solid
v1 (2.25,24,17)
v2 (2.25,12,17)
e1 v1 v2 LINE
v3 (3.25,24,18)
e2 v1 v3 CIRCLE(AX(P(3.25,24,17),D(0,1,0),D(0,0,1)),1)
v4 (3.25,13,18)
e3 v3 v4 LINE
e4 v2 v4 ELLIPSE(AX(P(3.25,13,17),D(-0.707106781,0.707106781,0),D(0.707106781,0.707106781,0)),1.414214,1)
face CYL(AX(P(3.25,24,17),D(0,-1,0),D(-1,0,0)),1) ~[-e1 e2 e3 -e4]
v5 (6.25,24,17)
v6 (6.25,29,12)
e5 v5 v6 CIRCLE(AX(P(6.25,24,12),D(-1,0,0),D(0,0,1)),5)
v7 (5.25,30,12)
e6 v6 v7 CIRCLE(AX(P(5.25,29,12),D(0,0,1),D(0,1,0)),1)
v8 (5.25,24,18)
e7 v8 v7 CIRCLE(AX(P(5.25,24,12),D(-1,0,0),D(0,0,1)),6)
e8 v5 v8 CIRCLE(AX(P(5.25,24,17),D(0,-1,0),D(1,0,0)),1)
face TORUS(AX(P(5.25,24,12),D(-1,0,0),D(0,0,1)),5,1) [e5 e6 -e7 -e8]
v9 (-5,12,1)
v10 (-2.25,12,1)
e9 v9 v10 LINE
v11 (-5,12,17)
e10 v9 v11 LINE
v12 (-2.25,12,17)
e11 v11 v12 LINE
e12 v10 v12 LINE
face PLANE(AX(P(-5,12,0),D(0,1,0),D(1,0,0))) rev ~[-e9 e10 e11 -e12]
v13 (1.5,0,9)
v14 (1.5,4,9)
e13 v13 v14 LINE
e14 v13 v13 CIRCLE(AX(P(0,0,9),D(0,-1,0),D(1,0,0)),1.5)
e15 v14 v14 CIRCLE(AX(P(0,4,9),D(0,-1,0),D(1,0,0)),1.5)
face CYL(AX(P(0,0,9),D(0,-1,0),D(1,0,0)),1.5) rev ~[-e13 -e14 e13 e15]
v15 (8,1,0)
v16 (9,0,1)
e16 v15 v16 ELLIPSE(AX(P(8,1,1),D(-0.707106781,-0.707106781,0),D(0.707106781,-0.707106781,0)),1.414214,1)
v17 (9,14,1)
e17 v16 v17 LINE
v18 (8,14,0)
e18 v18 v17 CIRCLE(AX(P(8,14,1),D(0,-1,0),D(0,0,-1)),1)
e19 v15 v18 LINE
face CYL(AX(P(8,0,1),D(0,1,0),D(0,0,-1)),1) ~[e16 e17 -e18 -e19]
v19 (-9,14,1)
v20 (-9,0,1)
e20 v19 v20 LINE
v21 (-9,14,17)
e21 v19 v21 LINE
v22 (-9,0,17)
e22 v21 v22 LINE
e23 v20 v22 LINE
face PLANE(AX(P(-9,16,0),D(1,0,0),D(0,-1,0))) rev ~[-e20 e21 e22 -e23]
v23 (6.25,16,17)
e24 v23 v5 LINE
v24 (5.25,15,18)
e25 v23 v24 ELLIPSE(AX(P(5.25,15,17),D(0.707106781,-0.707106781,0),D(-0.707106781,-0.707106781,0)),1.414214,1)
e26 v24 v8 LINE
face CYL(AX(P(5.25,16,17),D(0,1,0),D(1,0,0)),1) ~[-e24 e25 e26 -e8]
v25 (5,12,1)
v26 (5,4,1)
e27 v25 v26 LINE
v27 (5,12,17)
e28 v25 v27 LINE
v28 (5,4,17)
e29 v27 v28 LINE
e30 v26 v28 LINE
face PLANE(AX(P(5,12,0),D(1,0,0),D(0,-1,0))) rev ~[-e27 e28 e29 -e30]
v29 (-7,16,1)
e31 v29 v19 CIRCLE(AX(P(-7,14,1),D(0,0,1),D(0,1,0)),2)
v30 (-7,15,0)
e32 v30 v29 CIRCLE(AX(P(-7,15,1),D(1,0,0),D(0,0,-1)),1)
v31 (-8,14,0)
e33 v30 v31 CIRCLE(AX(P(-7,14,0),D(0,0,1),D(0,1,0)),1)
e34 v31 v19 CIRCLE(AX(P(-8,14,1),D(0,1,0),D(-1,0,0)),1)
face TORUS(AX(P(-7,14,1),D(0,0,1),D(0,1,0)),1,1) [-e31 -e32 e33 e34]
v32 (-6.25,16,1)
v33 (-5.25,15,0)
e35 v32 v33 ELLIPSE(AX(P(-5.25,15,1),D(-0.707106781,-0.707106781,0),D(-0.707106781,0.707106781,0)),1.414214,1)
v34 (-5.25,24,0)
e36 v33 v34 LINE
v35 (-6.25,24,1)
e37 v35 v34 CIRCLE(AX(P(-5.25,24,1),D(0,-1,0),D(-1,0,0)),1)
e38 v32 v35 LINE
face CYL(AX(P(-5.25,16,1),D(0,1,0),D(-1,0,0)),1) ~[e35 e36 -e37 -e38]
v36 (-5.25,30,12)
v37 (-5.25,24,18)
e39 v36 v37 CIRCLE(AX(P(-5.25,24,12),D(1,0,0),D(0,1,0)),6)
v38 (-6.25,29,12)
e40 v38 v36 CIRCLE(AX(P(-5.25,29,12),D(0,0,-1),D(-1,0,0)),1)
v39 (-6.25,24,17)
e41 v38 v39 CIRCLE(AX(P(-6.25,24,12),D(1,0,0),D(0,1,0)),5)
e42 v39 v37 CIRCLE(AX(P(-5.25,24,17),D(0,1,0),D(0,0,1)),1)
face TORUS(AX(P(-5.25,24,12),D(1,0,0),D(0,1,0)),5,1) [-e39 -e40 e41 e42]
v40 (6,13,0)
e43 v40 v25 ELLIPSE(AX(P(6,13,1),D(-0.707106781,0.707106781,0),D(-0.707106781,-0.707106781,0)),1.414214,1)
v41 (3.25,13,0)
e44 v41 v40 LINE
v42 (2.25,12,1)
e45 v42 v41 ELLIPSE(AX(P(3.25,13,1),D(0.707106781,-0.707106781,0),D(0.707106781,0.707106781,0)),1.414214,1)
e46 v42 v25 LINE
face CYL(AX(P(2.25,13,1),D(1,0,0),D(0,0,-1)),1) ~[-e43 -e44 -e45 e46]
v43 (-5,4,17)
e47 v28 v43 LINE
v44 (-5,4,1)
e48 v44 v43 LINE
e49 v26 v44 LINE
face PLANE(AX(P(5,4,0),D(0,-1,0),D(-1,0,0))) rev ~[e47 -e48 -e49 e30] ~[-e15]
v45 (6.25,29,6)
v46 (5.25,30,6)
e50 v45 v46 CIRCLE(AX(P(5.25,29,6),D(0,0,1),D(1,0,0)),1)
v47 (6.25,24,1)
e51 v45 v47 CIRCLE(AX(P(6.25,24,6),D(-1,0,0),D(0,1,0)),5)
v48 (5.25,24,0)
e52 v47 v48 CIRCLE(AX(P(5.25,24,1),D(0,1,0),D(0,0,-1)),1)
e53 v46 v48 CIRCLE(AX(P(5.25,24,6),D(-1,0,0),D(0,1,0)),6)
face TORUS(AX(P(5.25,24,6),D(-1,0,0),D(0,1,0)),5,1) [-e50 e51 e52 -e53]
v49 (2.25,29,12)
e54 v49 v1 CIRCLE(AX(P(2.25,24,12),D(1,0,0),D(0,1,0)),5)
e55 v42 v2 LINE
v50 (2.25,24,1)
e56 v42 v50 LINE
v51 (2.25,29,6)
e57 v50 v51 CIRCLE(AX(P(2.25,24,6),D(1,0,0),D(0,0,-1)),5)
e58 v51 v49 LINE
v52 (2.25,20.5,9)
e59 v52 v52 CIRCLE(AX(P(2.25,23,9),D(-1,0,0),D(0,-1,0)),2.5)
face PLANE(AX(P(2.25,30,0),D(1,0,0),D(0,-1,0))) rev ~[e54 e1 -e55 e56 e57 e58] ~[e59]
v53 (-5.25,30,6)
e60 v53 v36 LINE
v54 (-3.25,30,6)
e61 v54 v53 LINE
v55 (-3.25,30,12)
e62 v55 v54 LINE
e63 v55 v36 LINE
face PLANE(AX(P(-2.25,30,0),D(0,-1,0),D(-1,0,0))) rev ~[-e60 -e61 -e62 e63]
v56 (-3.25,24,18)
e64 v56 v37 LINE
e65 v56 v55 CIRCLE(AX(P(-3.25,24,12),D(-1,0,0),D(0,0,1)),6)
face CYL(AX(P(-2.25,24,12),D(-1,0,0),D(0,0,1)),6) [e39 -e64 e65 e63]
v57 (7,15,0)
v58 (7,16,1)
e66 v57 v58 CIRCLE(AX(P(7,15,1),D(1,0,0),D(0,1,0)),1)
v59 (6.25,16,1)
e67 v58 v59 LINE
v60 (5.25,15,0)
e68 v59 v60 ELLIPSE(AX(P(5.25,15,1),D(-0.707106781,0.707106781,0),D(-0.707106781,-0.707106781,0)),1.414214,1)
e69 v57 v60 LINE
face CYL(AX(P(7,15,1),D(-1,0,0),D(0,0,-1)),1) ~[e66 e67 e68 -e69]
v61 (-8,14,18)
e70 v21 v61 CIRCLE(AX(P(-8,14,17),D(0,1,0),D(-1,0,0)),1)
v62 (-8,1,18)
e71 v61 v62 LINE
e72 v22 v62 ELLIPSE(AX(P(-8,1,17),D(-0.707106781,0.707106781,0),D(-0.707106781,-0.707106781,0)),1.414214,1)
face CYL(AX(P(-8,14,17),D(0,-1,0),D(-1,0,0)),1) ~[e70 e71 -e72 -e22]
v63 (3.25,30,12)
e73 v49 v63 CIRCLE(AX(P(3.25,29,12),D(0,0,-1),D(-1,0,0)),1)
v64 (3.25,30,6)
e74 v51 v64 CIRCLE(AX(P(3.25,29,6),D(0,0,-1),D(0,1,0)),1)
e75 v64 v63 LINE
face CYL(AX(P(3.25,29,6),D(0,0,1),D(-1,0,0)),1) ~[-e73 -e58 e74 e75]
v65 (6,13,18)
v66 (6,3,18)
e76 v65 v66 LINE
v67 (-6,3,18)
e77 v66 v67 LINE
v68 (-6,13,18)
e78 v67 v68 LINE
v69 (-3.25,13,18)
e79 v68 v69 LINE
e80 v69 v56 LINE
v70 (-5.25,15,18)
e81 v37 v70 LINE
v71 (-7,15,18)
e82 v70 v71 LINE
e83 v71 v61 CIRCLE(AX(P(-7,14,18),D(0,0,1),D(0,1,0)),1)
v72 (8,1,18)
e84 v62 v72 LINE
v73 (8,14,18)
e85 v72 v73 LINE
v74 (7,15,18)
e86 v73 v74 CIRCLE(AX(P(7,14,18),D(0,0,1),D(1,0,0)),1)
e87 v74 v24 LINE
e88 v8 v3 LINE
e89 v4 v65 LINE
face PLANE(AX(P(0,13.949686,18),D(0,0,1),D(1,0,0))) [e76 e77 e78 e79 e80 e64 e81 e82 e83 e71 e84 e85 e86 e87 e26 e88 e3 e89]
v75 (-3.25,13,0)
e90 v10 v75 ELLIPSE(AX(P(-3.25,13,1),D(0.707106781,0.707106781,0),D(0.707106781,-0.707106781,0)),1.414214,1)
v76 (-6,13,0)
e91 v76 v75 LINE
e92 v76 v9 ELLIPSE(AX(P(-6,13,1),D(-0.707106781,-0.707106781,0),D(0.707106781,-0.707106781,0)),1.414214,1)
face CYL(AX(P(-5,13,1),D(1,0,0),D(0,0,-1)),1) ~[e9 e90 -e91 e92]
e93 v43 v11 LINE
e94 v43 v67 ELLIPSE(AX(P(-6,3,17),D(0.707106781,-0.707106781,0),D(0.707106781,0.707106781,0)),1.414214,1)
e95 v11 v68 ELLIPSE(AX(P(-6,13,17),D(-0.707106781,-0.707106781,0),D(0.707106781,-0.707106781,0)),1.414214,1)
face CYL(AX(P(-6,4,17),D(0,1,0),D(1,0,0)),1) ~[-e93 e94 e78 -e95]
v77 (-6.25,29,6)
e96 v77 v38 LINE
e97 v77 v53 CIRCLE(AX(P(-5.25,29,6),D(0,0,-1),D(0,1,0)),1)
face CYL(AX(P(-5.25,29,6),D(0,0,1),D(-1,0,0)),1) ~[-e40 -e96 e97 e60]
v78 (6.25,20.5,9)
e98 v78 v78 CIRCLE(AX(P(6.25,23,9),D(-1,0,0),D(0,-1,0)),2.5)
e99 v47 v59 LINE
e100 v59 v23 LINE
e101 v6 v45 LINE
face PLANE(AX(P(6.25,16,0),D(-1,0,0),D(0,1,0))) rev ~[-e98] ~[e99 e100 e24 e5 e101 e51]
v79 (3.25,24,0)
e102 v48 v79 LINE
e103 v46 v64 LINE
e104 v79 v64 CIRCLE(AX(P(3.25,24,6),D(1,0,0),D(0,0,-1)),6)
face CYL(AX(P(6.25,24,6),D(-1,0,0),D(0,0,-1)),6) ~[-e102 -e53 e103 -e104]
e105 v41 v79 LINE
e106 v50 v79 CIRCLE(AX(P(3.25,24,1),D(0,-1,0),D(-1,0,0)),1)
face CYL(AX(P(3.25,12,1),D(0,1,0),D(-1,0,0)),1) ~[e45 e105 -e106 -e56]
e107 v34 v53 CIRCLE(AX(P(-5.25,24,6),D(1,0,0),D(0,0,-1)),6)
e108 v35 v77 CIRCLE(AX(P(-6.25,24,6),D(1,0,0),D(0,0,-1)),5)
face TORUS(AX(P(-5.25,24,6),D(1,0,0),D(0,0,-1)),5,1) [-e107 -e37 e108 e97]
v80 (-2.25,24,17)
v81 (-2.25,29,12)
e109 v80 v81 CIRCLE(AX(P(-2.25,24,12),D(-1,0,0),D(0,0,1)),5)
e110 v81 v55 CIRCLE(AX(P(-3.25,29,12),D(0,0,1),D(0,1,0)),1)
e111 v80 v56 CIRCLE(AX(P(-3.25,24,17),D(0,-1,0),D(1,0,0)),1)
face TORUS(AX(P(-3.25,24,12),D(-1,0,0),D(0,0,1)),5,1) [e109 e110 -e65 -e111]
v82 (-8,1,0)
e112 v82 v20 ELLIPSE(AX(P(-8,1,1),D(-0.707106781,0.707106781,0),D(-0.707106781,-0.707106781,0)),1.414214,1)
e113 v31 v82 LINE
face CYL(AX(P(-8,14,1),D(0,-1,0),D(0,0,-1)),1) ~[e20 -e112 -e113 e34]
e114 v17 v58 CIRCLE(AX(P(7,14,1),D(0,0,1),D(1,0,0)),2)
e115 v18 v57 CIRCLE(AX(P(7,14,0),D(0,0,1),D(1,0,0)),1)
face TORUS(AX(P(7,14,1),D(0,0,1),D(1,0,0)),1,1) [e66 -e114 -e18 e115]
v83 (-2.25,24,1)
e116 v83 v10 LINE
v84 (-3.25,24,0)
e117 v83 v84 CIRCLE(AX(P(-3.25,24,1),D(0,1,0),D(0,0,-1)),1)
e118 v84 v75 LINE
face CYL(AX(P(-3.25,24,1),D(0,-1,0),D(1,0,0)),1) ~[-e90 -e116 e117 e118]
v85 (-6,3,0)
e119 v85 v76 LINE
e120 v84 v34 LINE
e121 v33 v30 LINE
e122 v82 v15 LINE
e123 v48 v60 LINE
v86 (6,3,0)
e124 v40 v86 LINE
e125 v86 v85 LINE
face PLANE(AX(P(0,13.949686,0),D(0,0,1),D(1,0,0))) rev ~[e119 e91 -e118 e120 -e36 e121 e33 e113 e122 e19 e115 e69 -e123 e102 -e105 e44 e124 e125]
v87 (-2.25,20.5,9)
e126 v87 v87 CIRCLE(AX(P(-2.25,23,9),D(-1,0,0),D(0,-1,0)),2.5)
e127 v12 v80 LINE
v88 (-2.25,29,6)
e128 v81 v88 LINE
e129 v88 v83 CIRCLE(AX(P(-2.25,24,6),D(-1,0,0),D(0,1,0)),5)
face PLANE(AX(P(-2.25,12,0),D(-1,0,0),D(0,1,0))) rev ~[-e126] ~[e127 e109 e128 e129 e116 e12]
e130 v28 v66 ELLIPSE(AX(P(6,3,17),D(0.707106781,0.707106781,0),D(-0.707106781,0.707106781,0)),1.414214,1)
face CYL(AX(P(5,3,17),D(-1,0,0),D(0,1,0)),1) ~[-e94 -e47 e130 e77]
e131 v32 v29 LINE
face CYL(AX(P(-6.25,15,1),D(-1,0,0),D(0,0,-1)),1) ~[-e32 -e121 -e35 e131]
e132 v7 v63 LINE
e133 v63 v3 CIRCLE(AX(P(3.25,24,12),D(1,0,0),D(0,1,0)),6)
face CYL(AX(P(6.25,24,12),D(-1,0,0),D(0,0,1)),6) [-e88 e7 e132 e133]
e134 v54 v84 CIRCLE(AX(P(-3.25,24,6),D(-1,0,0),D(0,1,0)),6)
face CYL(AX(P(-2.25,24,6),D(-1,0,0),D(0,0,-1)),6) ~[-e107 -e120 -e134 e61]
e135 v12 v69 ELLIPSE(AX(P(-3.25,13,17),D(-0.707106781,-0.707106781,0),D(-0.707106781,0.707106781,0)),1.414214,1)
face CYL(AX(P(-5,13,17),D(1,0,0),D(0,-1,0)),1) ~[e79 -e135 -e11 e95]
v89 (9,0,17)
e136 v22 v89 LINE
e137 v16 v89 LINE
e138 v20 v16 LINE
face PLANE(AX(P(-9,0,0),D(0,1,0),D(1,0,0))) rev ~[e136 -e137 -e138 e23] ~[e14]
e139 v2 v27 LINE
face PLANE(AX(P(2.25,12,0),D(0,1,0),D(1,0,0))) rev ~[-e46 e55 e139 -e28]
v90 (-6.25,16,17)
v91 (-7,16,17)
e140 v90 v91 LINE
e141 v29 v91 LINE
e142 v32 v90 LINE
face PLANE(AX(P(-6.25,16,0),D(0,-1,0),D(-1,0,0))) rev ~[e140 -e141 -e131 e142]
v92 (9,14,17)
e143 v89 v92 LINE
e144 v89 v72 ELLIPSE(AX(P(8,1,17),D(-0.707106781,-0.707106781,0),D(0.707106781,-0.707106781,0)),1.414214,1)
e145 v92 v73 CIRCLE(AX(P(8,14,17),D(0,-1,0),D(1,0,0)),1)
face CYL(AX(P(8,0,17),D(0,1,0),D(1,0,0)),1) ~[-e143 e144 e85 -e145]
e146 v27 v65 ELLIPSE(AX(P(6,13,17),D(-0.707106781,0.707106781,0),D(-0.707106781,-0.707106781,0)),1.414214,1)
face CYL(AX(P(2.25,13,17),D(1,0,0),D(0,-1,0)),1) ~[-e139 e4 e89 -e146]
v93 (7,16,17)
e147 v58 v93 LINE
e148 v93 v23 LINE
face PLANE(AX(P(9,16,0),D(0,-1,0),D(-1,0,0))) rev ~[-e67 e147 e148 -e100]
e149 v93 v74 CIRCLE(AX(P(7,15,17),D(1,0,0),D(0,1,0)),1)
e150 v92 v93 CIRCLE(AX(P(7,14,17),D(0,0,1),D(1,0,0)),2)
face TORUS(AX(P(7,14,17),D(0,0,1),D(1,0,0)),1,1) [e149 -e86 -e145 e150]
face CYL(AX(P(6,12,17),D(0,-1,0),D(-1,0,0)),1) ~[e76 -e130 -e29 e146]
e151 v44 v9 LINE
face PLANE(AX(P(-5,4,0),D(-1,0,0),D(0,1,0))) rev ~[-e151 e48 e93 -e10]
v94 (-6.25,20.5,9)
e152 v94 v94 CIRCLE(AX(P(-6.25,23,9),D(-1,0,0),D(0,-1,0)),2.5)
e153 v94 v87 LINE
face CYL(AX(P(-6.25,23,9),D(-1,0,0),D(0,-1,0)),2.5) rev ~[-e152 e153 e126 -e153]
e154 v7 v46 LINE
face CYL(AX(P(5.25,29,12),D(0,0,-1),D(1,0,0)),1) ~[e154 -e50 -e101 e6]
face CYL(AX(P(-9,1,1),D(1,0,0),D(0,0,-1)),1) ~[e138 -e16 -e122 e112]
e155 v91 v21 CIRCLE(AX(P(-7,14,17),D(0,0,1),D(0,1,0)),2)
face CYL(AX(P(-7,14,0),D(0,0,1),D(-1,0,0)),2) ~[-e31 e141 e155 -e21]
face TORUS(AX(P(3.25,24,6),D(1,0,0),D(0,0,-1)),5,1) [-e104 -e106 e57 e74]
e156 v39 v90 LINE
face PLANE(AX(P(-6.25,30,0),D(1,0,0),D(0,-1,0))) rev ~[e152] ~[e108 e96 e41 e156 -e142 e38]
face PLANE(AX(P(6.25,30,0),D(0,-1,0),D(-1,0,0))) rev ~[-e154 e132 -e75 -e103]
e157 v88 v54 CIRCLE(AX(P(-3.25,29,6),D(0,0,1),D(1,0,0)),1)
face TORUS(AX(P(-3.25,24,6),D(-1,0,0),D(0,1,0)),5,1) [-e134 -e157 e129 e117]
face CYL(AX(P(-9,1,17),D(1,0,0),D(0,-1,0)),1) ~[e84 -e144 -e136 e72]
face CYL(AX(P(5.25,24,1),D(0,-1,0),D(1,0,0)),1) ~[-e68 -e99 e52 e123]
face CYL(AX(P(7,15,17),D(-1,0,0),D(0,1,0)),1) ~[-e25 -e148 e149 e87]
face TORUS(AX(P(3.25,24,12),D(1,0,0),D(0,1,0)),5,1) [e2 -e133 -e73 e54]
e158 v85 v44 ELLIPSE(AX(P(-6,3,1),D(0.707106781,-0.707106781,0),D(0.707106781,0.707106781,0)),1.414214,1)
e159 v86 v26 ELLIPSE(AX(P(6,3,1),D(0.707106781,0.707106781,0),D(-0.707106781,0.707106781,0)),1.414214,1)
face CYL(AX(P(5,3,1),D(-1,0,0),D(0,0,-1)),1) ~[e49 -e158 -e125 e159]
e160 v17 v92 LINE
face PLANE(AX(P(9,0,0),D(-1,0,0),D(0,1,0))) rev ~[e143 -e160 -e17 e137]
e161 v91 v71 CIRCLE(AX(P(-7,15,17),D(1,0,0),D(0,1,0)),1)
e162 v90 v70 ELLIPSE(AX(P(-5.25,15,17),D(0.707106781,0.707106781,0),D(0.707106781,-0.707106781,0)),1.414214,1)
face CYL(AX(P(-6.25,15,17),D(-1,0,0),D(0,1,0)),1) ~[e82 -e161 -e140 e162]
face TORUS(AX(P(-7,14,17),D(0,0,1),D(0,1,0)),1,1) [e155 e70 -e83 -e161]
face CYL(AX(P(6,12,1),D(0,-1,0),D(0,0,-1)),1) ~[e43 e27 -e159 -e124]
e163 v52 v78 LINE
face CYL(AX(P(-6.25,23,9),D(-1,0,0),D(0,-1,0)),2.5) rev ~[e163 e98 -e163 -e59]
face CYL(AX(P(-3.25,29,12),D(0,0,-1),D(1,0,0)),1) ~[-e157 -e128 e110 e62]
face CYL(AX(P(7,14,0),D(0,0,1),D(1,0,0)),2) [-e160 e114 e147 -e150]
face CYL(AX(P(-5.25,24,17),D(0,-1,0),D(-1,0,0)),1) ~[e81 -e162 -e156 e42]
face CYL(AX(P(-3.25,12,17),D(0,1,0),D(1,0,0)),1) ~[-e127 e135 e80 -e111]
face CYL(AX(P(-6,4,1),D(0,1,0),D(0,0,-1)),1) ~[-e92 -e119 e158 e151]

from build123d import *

# Parameters (mm, degrees)
PAD_DEPTH       = 18
SKETCH002_R     = 2.5
POCKET_DEPTH    = 15.251
SKETCH003_R     = 1.5
POCKET001_DEPTH = 30.001
FILLET_R        = 2
FILLET001_R     = 6
FILLET002_R     = 1


with BuildPart() as part:
    # Sketch → Pad (new body)
    with BuildSketch(Plane.XY):
        Polygon((-9, 0), (9, 0), (9, 16), (6.25, 16), (6.25, 30), (2.25, 30), (2.25, 12), (5, 12), (5, 4), (-5, 4), (-5, 12), (-2.25, 12), (-2.25, 30), (-6.25, 30), (-6.25, 16), (-9, 16), align=None)
    extrude(amount=PAD_DEPTH)

    # Sketch002 (on Face15 of Pad) → Pocket (cut, through all)
    with BuildSketch(Plane(origin=(-6.25, 0, 0), x_dir=(0, -1, 0), z_dir=(-1, 0, 0))):
        with Locations((-23, 9)):
            Circle(SKETCH002_R)
    extrude(amount=-POCKET_DEPTH, mode=Mode.SUBTRACT)

    # Sketch003 (on Face2 of Pocket) → Pocket001 (cut, through all)
    with BuildSketch(Plane.XZ):
        with Locations((0, 9)):
            Circle(SKETCH003_R)
    extrude(amount=-POCKET001_DEPTH, mode=Mode.SUBTRACT)

    # Fillet
    fillet_edges = [part.edges().sort_by_distance(p)[0] for p in [
        (-9, 16, 9),
        (9, 16, 9),
    ]]
    fillet(fillet_edges, radius=FILLET_R)

    # Fillet001
    fillet001_edges = [part.edges().sort_by_distance(p)[0] for p in [
        (4.25, 30, 0),
        (-4.25, 30, 0),
        (4.25, 30, 18),
        (-4.25, 30, 18),
    ]]
    fillet(fillet001_edges, radius=FILLET001_R)

    # Fillet002
    fillet002_edges = [part.edges().sort_by_distance(p)[0] for p in [
        (-6.25, 20, 18),
        (-4.25, 24, 18),
        (-6.625, 16, 18),
        (-2.25, 18, 18),
        (-8.414214, 15.414214, 18),
        (-3.625, 12, 18),
        (-9, 7, 18),
        (-5, 8, 18),
        (0, 0, 18),
        (0, 4, 18),
        (9, 7, 18),
        (5, 8, 18),
        (8.414214, 15.414214, 18),
        (3.625, 12, 18),
        (6.625, 16, 18),
        (2.25, 18, 18),
        (6.25, 20, 18),
        (4.25, 24, 18),
        (-6.25, 20, 0),
        (-4.25, 24, 0),
        (-6.625, 16, 0),
        (-2.25, 18, 0),
        (-8.414214, 15.414214, 0),
        (-3.625, 12, 0),
        (-9, 7, 0),
        (-5, 8, 0),
        (0, 0, 0),
        (0, 4, 0),
        (9, 7, 0),
        (5, 8, 0),
        (8.414214, 15.414214, 0),
        (3.625, 12, 0),
        (6.625, 16, 0),
        (2.25, 18, 0),
        (6.25, 20, 0),
        (4.25, 24, 0),
    ]]
    fillet(fillet002_edges, radius=FILLET002_R)


solid = part.part
